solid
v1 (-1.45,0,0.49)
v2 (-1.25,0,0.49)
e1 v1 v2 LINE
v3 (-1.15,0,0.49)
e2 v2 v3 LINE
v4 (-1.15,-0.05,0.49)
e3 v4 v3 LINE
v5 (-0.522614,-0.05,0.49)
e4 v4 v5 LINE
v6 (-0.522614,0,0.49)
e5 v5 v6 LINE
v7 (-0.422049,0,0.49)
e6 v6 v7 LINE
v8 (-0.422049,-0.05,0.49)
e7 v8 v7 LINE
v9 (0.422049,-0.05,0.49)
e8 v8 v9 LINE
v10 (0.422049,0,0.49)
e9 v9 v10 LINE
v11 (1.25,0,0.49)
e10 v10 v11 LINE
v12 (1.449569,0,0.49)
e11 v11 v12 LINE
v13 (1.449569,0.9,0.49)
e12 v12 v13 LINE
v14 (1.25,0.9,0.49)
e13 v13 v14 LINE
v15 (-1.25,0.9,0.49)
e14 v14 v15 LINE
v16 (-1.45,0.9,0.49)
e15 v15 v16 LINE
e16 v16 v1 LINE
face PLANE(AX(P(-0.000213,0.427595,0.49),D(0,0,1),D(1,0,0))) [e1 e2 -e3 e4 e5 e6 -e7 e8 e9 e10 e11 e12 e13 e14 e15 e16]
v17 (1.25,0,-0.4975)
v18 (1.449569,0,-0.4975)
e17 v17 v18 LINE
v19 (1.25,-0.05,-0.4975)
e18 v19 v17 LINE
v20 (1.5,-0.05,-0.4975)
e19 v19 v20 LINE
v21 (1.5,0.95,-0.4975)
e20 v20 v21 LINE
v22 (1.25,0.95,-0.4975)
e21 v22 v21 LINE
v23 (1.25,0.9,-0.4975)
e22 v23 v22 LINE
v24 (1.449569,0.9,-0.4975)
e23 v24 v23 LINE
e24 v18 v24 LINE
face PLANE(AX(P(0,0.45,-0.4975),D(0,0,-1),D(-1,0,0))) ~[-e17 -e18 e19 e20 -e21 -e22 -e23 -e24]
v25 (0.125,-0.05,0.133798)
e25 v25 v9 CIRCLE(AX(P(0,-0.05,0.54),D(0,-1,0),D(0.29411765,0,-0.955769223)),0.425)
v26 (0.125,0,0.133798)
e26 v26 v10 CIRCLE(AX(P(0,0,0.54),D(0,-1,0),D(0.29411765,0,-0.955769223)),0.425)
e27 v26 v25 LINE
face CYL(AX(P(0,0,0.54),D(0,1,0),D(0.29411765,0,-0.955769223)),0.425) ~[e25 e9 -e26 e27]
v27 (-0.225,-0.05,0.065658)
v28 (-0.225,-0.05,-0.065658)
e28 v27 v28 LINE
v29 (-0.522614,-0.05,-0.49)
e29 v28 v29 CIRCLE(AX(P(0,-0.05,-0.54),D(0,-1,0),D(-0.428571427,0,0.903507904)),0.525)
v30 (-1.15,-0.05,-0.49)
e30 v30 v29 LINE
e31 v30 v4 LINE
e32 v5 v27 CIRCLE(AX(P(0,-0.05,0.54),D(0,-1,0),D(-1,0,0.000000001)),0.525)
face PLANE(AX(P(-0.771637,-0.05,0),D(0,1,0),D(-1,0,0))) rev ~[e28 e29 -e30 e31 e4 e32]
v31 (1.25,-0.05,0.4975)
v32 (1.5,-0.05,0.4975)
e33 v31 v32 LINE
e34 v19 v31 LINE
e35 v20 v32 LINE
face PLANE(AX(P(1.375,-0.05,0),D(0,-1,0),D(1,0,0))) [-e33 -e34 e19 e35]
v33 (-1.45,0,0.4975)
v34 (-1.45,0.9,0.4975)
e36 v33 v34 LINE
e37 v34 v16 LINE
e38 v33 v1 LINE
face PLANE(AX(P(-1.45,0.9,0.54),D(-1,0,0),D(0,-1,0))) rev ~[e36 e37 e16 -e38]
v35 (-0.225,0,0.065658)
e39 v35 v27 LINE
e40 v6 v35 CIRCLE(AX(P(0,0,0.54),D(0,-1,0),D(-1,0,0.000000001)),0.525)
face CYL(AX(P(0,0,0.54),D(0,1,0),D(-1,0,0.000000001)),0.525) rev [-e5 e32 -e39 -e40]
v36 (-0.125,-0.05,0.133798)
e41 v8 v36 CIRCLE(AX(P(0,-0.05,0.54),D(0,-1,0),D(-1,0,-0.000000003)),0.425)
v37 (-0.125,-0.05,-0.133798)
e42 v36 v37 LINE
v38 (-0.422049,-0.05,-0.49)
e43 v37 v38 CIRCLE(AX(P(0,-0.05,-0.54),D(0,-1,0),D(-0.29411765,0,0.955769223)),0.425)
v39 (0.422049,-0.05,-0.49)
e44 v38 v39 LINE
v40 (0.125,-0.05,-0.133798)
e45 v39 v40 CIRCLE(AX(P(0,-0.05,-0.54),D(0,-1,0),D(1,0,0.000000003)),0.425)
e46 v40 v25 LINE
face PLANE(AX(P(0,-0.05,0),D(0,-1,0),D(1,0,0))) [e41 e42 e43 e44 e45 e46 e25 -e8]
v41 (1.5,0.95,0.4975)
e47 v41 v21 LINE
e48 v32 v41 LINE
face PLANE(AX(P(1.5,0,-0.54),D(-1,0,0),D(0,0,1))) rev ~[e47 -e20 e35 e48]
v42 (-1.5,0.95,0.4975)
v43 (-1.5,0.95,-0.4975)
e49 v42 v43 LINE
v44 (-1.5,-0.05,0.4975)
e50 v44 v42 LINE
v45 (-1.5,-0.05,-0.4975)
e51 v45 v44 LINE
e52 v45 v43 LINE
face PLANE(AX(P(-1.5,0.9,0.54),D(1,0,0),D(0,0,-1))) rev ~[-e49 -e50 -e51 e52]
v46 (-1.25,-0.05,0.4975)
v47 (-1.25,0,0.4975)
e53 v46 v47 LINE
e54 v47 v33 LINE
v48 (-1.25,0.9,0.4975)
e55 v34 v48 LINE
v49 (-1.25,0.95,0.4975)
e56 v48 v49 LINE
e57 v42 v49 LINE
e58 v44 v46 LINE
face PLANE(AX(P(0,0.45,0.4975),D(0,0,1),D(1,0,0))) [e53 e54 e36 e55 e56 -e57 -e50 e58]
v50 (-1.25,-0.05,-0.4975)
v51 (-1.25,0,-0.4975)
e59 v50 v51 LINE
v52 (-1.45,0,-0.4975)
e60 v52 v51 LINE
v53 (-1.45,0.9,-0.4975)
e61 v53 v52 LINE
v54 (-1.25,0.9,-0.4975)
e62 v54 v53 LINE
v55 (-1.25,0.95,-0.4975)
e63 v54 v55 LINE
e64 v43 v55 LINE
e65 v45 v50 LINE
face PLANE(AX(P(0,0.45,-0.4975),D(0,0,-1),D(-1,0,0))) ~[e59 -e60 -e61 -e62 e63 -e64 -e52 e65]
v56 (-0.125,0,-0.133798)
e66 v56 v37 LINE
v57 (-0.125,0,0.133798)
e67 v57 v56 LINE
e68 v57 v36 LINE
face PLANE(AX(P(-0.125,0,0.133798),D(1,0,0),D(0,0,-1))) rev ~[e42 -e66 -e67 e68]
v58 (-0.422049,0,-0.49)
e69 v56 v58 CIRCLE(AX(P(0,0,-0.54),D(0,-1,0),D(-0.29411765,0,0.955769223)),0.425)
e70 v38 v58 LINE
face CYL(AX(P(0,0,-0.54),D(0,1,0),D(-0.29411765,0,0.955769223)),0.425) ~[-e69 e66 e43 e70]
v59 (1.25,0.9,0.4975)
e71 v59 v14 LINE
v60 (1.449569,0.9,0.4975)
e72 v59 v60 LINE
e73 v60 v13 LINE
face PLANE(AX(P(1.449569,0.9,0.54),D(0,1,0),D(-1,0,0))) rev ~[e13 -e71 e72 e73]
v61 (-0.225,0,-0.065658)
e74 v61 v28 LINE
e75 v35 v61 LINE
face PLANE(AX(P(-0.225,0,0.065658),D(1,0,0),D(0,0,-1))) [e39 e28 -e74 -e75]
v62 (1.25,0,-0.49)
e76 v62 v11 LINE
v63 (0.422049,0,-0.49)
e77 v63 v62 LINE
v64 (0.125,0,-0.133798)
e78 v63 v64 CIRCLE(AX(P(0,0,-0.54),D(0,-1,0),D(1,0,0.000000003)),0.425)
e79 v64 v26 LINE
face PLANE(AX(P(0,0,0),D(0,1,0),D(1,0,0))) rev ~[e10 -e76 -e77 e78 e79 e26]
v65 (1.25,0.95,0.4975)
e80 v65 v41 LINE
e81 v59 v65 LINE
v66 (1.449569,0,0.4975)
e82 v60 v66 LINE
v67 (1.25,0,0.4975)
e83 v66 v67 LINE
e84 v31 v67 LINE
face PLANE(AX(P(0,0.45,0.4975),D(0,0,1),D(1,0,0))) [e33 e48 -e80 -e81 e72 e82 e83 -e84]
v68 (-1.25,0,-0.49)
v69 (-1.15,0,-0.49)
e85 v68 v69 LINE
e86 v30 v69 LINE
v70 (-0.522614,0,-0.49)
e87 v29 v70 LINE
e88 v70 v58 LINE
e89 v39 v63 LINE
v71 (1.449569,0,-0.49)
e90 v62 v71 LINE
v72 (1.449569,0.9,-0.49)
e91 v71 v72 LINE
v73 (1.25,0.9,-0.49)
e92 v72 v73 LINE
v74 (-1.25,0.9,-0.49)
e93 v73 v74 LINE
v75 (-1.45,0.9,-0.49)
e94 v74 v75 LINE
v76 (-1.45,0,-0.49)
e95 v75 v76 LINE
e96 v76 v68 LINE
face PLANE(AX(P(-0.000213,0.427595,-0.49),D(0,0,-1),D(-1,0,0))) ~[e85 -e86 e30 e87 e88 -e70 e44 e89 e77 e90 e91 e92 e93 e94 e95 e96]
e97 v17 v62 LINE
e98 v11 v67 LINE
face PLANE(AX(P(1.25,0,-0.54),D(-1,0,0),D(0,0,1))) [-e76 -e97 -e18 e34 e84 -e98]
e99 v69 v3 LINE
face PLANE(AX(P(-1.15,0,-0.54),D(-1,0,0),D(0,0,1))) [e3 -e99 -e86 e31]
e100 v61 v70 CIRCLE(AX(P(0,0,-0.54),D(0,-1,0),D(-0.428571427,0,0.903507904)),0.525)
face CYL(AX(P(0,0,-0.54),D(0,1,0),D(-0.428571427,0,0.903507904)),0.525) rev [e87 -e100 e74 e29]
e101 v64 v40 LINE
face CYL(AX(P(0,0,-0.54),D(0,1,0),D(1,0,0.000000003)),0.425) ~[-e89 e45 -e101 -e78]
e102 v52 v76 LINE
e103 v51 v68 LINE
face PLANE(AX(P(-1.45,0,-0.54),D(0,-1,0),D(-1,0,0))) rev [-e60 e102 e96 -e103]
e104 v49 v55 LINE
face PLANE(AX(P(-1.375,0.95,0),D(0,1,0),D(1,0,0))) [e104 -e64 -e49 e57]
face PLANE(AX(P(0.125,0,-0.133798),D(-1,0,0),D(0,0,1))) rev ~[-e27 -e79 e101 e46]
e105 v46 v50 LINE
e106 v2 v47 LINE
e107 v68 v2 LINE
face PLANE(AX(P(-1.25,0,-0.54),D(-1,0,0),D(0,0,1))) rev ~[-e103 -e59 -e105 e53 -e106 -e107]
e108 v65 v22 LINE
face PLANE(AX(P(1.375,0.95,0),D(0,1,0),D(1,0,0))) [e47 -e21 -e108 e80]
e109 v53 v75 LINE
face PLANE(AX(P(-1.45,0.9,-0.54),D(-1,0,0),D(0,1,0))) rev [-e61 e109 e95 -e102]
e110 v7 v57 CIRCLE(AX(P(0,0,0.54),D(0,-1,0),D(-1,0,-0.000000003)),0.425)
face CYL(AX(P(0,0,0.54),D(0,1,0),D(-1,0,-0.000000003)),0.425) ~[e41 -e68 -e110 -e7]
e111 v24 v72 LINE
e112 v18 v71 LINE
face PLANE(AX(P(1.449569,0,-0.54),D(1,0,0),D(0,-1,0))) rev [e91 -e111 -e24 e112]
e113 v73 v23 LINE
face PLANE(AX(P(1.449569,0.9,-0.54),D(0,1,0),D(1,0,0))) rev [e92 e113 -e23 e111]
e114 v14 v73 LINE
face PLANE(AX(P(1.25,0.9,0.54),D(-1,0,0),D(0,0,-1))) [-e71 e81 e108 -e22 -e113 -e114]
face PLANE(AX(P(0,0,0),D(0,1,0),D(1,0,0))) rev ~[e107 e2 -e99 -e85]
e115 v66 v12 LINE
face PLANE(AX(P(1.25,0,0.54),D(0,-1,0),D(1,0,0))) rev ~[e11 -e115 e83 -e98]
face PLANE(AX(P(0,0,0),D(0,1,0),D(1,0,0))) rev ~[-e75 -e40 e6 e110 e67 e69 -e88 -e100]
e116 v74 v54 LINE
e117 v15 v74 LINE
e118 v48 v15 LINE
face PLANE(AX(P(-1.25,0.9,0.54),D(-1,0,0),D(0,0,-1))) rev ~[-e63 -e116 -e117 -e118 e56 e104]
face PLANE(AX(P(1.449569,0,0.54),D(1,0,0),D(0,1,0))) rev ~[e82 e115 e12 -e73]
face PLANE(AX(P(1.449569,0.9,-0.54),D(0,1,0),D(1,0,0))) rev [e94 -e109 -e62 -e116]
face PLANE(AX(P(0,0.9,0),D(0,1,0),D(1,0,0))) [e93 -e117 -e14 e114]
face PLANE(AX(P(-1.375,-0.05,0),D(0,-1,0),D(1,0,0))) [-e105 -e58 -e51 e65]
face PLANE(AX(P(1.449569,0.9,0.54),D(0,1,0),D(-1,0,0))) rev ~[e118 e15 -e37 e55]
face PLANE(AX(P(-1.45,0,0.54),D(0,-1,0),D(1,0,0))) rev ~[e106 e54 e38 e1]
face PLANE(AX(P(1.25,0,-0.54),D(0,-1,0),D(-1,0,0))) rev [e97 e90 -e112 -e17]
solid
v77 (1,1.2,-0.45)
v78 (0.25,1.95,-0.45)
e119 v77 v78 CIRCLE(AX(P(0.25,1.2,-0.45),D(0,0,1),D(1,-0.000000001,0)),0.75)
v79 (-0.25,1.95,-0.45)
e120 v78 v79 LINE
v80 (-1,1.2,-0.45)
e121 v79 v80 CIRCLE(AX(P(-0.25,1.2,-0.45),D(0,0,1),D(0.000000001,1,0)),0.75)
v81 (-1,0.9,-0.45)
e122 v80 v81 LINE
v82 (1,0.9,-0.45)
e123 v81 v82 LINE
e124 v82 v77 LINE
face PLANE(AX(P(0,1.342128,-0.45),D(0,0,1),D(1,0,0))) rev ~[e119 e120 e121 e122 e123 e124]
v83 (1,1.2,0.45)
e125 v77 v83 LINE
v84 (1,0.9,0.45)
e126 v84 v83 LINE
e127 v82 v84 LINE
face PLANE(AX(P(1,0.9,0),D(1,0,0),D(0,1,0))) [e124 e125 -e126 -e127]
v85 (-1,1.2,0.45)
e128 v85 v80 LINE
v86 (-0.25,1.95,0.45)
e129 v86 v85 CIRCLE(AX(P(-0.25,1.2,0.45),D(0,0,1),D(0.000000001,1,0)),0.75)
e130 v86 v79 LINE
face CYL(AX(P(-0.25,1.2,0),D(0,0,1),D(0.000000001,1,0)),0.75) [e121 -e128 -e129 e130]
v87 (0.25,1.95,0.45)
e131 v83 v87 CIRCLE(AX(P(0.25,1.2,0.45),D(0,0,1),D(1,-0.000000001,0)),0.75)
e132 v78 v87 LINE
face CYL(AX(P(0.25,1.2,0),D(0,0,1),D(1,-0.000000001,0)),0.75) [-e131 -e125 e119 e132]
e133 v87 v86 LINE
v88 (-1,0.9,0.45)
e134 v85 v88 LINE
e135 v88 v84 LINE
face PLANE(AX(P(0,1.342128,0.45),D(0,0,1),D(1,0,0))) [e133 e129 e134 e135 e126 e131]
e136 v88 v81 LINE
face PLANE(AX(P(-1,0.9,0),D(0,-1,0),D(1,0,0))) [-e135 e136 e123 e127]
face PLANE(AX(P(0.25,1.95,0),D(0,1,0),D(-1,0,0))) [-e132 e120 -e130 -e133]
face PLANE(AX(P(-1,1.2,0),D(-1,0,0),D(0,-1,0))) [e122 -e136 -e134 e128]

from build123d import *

# Parameters (mm, degrees)
SKIZZE1_W                       = 2.9
SKIZZE1_H                       = 0.98
LINEAR_AUSTRAGEN1_DEPTH         = 0.9
LINEAR_AUSTRAGEN2_DEPTH         = 0.45
SKIZZE5_W                       = 3
SKIZZE5_H                       = 1.08
SKIZZE5_W_2                     = 2.9
SKIZZE5_H_2                     = 0.98
LINEAR_AUSTRAGEN6_DEPTH         = 0.9
SKIZZE6_W                       = 0.25
SKIZZE6_H                       = 1.08
LINEAR_AUSTRAGEN7_DEPTH         = 0.05
SKIZZE7_W                       = 0.25
SKIZZE7_H                       = 1.08
LINEAR_AUSTRAGEN8_DEPTH         = 0.05
LINEAR_AUSTRAGEN9_DEPTH         = 0.05
SCHNITT_LINEAR_AUSTRAGEN2_DEPTH = 0.05
SKIZZE10_W                      = 3
SKIZZE10_H                      = 1
SCHNITT_LINEAR_AUSTRAGEN3_DEPTH = 0.0425


with BuildPart() as part:
    # Skizze1 → Linear austragen1 (new body)
    with BuildSketch(Plane(origin=(0, 0, 0), x_dir=(1, 0, 0), z_dir=(0, 1, 0))):
        Rectangle(SKIZZE1_W, SKIZZE1_H)
    extrude(amount=LINEAR_AUSTRAGEN1_DEPTH)



with BuildPart() as body_2:
    # Skizze2 → Linear austragen2 (new body, symmetric)
    with BuildSketch(Plane.XY):
        with BuildLine():
            Line((-1, 0.9), (1, 0.9))
            Line((1, 0.9), (1, 1.2))
            ThreePointArc((1, 1.2), (0.780330086, 1.730330086), (0.25, 1.95))
            Line((0.25, 1.95), (-0.25, 1.95))
            ThreePointArc((-0.25, 1.95), (-0.780330086, 1.730330086), (-1, 1.2))
            Line((-1, 1.2), (-1, 0.9))
        make_face()
    extrude(amount=LINEAR_AUSTRAGEN2_DEPTH, both=True)


with BuildPart() as body_3:
    # Skizze5 → Linear austragen6 (new body)
    with BuildSketch(Plane(origin=(0, 0.9, 0), x_dir=(1, 0, 0), z_dir=(0, 1, 0))):
        Rectangle(SKIZZE5_W, SKIZZE5_H)
        Rectangle(SKIZZE5_W_2, SKIZZE5_H_2, mode=Mode.SUBTRACT)
    extrude(amount=-LINEAR_AUSTRAGEN6_DEPTH)


with BuildPart() as part_1:
    add(part.part)

    add(body_3.part)  # Linear austragen7 merges body 3
    # Skizze6 → Linear austragen7 (add)
    with BuildSketch(Plane(origin=(0, 0.9, 0), x_dir=(1, 0, 0), z_dir=(0, 1, 0))):
        with Locations((1.375, 0)):
            Rectangle(SKIZZE6_W, SKIZZE6_H)
        with Locations((-1.375, 0)):
            Rectangle(SKIZZE6_W, SKIZZE6_H)
    extrude(amount=LINEAR_AUSTRAGEN7_DEPTH)

    # Skizze7 → Linear austragen8 (add)
    with BuildSketch(Plane.XZ):
        with Locations((1.375, 0)):
            Rectangle(SKIZZE7_W, SKIZZE7_H)
        with Locations((-1.375, 0)):
            Rectangle(SKIZZE7_W, SKIZZE7_H)
    extrude(amount=LINEAR_AUSTRAGEN8_DEPTH)

    # Skizze8 → Linear austragen9 (add)
    with BuildSketch(Plane.XZ):
        with BuildLine():
            Line((-0.125, 0.13379808), (-0.125, -0.13379808))
            ThreePointArc((-0.125, -0.13379808), (-0.341869858, -0.287512377), (-0.425, -0.54))
            Line((-0.425, -0.54), (0.425, -0.54))
            ThreePointArc((0.425, -0.54), (0.341869858, -0.287512377), (0.125, -0.13379808))
            Line((0.125, -0.13379808), (0.125, 0.13379808))
            ThreePointArc((0.125, 0.13379808), (0.341869858, 0.287512377), (0.425, 0.54))
            Line((0.425, 0.54), (-0.425, 0.54))
            ThreePointArc((-0.425, 0.54), (-0.341869858, 0.287512377), (-0.125, 0.13379808))
        make_face()
        with BuildLine():
            Line((-0.225, 0.065658351), (-0.225, -0.065658351))
            ThreePointArc((-0.225, -0.065658351), (-0.443705984, -0.259375696), (-0.525, -0.54))
            Line((-0.525, -0.54), (-1.15, -0.54))
            Line((-1.15, -0.54), (-1.15, 0.54))
            Line((-1.15, 0.54), (-0.525, 0.54))
            ThreePointArc((-0.525, 0.54), (-0.443705984, 0.259375696), (-0.225, 0.065658351))
        make_face()
    extrude(amount=LINEAR_AUSTRAGEN9_DEPTH)

    # Skizze9 → Schnitt-Linear austragen2 (cut)
    with BuildSketch(Plane.XY.offset(0.54)):
        Polygon((-1.45, 0.9), (-1.45, 0), (-1.25, 0), (-1.25, -0.05), (1.25, -0.05), (1.25, 0), (1.449568933, 0), (1.449568933, 0.9), align=None)
    schnitt_linear_austragen2 = extrude(amount=-SCHNITT_LINEAR_AUSTRAGEN2_DEPTH, mode=Mode.SUBTRACT)

    # Spiegeln1: Schnitt-Linear austragen2 across plane
    add(schnitt_linear_austragen2.mirror(Plane.XY), mode=Mode.SUBTRACT)

    # Skizze10 → Schnitt-Linear austragen3 (cut)
    with BuildSketch(Plane.XY.offset(0.54)):
        with Locations((0, 0.45)):
            Rectangle(SKIZZE10_W, SKIZZE10_H)
    schnitt_linear_austragen3 = extrude(amount=-SCHNITT_LINEAR_AUSTRAGEN3_DEPTH, mode=Mode.SUBTRACT)

    # Spiegeln2: Schnitt-Linear austragen3 across plane
    add(schnitt_linear_austragen3.mirror(Plane.XY), mode=Mode.SUBTRACT)


solid = Compound([body_2.part, part_1.part])
